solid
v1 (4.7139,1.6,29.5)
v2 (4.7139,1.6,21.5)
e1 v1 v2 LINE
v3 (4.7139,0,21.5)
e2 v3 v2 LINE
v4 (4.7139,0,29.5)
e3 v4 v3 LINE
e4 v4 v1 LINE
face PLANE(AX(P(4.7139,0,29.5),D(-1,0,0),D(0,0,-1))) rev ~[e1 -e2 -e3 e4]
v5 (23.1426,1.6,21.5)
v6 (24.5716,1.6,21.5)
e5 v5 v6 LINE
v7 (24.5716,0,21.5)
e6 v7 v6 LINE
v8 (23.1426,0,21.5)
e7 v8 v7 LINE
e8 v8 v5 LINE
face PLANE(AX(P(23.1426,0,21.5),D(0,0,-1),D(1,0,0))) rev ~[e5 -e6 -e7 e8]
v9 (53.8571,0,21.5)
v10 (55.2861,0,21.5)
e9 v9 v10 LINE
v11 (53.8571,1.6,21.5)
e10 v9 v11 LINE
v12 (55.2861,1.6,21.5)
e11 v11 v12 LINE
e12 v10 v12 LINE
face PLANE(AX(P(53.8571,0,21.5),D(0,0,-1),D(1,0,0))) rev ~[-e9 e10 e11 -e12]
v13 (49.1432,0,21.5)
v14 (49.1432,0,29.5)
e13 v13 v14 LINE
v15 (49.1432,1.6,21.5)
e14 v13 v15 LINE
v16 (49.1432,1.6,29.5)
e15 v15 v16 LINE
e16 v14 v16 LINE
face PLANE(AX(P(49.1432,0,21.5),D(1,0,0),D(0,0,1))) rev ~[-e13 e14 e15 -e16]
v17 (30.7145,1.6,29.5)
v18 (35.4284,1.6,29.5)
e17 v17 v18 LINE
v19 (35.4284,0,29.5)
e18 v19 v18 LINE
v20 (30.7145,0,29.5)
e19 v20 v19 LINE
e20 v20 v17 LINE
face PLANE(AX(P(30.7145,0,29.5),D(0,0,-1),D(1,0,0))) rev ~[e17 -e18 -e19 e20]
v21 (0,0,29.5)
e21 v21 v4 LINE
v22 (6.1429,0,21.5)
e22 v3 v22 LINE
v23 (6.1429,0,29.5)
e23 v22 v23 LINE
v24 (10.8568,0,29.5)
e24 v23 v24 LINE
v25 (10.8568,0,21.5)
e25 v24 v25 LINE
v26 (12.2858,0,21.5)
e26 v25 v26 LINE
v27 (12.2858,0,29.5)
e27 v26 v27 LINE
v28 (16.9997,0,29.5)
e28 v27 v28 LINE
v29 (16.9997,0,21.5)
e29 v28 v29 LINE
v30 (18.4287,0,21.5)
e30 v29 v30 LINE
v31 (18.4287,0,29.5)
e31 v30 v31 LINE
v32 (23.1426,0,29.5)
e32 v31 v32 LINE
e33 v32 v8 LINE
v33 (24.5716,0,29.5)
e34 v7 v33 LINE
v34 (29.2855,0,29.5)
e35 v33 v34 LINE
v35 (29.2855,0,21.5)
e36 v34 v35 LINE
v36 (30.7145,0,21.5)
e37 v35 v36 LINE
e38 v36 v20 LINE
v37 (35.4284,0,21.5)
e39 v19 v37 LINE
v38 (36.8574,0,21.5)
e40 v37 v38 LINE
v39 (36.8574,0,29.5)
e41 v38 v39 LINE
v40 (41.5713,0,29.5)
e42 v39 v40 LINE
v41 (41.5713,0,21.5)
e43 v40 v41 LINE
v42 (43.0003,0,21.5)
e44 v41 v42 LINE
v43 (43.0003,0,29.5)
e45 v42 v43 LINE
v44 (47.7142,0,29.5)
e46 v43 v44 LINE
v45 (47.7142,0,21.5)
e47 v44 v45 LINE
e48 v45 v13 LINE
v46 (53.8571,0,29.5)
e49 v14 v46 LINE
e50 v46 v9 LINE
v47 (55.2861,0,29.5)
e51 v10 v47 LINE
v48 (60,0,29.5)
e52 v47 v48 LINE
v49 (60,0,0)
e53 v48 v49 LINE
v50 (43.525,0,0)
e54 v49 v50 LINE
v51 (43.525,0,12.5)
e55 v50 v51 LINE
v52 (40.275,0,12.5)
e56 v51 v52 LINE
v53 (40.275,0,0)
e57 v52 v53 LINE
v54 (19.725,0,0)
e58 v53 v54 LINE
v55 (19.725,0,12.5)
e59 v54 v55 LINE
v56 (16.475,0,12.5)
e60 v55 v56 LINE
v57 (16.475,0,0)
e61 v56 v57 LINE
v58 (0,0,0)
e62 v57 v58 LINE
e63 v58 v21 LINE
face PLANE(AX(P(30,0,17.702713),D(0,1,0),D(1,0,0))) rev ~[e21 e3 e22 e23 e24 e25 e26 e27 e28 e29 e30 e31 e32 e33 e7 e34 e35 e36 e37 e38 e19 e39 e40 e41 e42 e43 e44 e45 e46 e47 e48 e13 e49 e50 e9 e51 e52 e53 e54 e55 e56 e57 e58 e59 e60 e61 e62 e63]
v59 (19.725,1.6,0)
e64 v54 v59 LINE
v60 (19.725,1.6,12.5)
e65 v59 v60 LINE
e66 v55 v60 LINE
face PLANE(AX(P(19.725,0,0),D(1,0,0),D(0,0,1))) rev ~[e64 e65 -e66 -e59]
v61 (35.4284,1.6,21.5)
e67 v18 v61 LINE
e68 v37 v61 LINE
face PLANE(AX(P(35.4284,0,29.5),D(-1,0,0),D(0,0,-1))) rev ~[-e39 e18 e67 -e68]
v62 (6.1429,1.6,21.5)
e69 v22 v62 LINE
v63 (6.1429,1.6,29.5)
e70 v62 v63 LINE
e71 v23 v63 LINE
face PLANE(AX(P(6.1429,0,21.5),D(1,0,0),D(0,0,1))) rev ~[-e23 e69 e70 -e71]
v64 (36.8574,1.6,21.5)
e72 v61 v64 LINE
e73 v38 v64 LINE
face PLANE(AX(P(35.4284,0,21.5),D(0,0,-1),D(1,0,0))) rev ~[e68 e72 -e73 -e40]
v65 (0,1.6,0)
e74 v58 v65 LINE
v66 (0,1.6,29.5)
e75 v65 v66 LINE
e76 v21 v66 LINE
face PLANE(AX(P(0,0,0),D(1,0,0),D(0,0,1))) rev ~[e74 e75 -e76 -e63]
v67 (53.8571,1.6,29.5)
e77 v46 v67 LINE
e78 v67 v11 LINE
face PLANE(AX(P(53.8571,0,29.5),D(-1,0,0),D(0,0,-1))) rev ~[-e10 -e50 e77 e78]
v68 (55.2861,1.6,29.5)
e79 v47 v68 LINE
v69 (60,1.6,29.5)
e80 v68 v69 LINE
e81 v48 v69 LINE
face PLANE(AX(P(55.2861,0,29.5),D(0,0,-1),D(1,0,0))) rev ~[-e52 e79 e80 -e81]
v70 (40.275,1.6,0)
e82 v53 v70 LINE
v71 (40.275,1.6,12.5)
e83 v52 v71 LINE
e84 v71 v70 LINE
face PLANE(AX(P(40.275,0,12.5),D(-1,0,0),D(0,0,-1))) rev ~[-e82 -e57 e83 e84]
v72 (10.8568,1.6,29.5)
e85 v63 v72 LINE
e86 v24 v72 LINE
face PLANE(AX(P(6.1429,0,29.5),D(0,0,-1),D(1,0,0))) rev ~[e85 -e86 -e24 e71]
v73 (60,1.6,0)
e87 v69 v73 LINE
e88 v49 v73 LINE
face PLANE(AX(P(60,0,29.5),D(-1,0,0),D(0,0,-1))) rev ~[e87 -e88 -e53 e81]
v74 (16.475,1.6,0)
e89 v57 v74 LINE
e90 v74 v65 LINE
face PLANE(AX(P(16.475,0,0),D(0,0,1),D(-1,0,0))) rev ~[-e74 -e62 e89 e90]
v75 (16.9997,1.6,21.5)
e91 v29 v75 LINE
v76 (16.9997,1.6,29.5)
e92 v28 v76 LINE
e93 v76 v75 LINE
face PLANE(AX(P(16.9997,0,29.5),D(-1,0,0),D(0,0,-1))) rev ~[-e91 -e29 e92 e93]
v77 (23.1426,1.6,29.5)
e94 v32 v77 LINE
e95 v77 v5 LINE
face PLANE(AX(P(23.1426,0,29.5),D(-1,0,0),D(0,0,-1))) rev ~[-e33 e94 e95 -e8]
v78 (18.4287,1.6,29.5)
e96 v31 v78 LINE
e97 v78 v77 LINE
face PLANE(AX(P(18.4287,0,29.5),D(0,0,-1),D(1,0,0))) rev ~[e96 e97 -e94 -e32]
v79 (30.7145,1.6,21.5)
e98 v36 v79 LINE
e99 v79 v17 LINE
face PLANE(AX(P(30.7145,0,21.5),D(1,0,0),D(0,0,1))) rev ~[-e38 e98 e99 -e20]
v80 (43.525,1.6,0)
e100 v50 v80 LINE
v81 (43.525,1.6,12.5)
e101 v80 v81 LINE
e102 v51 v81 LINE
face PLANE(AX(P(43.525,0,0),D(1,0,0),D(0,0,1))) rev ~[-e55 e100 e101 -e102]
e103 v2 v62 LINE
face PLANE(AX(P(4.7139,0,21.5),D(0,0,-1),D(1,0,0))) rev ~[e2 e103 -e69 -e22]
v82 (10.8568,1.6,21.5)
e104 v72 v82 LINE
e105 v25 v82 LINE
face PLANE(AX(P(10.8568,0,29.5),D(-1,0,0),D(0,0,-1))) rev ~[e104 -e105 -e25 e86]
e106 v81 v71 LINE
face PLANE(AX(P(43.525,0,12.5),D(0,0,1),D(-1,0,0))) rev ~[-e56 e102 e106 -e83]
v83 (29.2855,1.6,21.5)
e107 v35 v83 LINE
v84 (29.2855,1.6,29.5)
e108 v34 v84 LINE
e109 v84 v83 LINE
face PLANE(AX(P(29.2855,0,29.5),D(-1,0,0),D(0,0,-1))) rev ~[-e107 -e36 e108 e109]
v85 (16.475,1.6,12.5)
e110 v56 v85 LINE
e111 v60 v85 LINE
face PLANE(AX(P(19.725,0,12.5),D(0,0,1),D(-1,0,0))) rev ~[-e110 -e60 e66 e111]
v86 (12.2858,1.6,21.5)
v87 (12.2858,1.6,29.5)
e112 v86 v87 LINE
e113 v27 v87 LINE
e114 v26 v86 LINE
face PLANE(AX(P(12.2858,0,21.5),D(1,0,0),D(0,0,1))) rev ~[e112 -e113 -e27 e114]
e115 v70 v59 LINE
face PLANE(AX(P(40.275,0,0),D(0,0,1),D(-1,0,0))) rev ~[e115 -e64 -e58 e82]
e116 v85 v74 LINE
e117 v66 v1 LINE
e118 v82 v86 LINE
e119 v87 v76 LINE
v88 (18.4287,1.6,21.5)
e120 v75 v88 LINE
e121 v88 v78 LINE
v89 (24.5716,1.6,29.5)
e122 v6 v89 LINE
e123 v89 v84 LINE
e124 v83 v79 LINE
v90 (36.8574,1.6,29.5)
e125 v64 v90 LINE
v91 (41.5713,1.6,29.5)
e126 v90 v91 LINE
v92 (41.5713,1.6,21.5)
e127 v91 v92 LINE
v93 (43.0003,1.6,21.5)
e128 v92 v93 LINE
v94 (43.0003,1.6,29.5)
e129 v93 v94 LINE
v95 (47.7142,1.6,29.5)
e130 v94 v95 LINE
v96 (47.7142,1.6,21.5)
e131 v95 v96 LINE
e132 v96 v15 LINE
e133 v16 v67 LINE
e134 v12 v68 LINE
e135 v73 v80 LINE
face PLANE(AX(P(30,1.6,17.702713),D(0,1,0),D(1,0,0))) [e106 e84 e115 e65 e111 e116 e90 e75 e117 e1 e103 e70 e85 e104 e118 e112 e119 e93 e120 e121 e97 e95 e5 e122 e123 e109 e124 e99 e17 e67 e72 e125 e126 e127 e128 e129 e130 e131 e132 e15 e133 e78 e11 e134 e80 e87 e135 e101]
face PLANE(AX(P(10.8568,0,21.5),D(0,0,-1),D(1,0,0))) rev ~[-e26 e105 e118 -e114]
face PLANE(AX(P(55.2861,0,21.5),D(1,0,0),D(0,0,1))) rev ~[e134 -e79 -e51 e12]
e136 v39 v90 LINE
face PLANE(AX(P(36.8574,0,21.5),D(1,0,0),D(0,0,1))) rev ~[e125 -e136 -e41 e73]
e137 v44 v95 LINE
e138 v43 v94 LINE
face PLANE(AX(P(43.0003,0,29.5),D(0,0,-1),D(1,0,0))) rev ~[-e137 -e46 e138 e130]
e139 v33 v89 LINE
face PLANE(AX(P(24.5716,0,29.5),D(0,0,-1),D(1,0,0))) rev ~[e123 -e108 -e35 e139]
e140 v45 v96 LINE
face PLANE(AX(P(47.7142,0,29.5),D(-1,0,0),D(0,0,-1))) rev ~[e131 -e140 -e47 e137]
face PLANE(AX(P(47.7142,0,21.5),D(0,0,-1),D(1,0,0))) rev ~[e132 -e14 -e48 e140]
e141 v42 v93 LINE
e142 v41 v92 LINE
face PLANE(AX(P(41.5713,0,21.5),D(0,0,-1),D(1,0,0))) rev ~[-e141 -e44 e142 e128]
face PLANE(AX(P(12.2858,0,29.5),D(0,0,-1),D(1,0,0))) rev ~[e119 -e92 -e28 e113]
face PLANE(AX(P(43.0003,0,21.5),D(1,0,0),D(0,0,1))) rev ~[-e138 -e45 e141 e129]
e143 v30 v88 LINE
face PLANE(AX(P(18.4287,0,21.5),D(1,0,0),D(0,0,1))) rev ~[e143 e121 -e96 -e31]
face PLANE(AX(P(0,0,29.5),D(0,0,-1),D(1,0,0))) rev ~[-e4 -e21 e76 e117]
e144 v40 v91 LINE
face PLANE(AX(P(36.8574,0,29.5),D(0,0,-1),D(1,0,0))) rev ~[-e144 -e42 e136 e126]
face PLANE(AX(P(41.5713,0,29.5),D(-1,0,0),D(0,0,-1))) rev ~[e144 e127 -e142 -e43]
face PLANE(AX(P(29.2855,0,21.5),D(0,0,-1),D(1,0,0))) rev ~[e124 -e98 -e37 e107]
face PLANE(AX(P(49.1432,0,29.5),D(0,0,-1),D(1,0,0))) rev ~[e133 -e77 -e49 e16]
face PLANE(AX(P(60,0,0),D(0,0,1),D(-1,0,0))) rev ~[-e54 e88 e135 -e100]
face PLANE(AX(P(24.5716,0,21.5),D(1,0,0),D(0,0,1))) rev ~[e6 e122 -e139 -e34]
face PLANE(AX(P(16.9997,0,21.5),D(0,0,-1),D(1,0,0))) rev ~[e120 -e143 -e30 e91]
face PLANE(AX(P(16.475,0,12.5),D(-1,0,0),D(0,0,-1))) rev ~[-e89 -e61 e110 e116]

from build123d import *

# Parameters (mm, degrees)
BOSS_EXTRUDE3_DEPTH = 1.6


with BuildPart() as part:
    # Sketch1 → Boss-Extrude3 (new body)
    with BuildSketch(Plane(origin=(0, 0, 0), x_dir=(1, 0, 0), z_dir=(0, 1, 0))):
        Polygon((0, 0), (0, -29.5), (4.7139, -29.5), (4.7139, -21.5), (6.1429, -21.5), (6.1429, -29.5), (10.8568, -29.5), (10.8568, -21.5), (12.2858, -21.5), (12.2858, -29.5), (16.9997, -29.5), (16.9997, -21.5), (18.4287, -21.5), (18.4287, -29.5), (23.1426, -29.5), (23.1426, -21.5), (24.5716, -21.5), (24.5716, -29.5), (29.2855, -29.5), (29.2855, -21.5), (30.7145, -21.5), (30.7145, -29.5), (35.4284, -29.5), (35.4284, -21.5), (36.8574, -21.5), (36.8574, -29.5), (41.5713, -29.5), (41.5713, -21.5), (43.0003, -21.5), (43.0003, -29.5), (47.7142, -29.5), (47.7142, -21.5), (49.1432, -21.5), (49.1432, -29.5), (53.8571, -29.5), (53.8571, -21.5), (55.2861, -21.5), (55.2861, -29.5), (60, -29.5), (60, 0), (43.525, 0), (43.525, -12.5), (40.275, -12.5), (40.275, 0), (19.725, 0), (19.725, -12.5), (16.475, -12.5), (16.475, 0), align=None)
    extrude(amount=BOSS_EXTRUDE3_DEPTH)


solid = part.part
